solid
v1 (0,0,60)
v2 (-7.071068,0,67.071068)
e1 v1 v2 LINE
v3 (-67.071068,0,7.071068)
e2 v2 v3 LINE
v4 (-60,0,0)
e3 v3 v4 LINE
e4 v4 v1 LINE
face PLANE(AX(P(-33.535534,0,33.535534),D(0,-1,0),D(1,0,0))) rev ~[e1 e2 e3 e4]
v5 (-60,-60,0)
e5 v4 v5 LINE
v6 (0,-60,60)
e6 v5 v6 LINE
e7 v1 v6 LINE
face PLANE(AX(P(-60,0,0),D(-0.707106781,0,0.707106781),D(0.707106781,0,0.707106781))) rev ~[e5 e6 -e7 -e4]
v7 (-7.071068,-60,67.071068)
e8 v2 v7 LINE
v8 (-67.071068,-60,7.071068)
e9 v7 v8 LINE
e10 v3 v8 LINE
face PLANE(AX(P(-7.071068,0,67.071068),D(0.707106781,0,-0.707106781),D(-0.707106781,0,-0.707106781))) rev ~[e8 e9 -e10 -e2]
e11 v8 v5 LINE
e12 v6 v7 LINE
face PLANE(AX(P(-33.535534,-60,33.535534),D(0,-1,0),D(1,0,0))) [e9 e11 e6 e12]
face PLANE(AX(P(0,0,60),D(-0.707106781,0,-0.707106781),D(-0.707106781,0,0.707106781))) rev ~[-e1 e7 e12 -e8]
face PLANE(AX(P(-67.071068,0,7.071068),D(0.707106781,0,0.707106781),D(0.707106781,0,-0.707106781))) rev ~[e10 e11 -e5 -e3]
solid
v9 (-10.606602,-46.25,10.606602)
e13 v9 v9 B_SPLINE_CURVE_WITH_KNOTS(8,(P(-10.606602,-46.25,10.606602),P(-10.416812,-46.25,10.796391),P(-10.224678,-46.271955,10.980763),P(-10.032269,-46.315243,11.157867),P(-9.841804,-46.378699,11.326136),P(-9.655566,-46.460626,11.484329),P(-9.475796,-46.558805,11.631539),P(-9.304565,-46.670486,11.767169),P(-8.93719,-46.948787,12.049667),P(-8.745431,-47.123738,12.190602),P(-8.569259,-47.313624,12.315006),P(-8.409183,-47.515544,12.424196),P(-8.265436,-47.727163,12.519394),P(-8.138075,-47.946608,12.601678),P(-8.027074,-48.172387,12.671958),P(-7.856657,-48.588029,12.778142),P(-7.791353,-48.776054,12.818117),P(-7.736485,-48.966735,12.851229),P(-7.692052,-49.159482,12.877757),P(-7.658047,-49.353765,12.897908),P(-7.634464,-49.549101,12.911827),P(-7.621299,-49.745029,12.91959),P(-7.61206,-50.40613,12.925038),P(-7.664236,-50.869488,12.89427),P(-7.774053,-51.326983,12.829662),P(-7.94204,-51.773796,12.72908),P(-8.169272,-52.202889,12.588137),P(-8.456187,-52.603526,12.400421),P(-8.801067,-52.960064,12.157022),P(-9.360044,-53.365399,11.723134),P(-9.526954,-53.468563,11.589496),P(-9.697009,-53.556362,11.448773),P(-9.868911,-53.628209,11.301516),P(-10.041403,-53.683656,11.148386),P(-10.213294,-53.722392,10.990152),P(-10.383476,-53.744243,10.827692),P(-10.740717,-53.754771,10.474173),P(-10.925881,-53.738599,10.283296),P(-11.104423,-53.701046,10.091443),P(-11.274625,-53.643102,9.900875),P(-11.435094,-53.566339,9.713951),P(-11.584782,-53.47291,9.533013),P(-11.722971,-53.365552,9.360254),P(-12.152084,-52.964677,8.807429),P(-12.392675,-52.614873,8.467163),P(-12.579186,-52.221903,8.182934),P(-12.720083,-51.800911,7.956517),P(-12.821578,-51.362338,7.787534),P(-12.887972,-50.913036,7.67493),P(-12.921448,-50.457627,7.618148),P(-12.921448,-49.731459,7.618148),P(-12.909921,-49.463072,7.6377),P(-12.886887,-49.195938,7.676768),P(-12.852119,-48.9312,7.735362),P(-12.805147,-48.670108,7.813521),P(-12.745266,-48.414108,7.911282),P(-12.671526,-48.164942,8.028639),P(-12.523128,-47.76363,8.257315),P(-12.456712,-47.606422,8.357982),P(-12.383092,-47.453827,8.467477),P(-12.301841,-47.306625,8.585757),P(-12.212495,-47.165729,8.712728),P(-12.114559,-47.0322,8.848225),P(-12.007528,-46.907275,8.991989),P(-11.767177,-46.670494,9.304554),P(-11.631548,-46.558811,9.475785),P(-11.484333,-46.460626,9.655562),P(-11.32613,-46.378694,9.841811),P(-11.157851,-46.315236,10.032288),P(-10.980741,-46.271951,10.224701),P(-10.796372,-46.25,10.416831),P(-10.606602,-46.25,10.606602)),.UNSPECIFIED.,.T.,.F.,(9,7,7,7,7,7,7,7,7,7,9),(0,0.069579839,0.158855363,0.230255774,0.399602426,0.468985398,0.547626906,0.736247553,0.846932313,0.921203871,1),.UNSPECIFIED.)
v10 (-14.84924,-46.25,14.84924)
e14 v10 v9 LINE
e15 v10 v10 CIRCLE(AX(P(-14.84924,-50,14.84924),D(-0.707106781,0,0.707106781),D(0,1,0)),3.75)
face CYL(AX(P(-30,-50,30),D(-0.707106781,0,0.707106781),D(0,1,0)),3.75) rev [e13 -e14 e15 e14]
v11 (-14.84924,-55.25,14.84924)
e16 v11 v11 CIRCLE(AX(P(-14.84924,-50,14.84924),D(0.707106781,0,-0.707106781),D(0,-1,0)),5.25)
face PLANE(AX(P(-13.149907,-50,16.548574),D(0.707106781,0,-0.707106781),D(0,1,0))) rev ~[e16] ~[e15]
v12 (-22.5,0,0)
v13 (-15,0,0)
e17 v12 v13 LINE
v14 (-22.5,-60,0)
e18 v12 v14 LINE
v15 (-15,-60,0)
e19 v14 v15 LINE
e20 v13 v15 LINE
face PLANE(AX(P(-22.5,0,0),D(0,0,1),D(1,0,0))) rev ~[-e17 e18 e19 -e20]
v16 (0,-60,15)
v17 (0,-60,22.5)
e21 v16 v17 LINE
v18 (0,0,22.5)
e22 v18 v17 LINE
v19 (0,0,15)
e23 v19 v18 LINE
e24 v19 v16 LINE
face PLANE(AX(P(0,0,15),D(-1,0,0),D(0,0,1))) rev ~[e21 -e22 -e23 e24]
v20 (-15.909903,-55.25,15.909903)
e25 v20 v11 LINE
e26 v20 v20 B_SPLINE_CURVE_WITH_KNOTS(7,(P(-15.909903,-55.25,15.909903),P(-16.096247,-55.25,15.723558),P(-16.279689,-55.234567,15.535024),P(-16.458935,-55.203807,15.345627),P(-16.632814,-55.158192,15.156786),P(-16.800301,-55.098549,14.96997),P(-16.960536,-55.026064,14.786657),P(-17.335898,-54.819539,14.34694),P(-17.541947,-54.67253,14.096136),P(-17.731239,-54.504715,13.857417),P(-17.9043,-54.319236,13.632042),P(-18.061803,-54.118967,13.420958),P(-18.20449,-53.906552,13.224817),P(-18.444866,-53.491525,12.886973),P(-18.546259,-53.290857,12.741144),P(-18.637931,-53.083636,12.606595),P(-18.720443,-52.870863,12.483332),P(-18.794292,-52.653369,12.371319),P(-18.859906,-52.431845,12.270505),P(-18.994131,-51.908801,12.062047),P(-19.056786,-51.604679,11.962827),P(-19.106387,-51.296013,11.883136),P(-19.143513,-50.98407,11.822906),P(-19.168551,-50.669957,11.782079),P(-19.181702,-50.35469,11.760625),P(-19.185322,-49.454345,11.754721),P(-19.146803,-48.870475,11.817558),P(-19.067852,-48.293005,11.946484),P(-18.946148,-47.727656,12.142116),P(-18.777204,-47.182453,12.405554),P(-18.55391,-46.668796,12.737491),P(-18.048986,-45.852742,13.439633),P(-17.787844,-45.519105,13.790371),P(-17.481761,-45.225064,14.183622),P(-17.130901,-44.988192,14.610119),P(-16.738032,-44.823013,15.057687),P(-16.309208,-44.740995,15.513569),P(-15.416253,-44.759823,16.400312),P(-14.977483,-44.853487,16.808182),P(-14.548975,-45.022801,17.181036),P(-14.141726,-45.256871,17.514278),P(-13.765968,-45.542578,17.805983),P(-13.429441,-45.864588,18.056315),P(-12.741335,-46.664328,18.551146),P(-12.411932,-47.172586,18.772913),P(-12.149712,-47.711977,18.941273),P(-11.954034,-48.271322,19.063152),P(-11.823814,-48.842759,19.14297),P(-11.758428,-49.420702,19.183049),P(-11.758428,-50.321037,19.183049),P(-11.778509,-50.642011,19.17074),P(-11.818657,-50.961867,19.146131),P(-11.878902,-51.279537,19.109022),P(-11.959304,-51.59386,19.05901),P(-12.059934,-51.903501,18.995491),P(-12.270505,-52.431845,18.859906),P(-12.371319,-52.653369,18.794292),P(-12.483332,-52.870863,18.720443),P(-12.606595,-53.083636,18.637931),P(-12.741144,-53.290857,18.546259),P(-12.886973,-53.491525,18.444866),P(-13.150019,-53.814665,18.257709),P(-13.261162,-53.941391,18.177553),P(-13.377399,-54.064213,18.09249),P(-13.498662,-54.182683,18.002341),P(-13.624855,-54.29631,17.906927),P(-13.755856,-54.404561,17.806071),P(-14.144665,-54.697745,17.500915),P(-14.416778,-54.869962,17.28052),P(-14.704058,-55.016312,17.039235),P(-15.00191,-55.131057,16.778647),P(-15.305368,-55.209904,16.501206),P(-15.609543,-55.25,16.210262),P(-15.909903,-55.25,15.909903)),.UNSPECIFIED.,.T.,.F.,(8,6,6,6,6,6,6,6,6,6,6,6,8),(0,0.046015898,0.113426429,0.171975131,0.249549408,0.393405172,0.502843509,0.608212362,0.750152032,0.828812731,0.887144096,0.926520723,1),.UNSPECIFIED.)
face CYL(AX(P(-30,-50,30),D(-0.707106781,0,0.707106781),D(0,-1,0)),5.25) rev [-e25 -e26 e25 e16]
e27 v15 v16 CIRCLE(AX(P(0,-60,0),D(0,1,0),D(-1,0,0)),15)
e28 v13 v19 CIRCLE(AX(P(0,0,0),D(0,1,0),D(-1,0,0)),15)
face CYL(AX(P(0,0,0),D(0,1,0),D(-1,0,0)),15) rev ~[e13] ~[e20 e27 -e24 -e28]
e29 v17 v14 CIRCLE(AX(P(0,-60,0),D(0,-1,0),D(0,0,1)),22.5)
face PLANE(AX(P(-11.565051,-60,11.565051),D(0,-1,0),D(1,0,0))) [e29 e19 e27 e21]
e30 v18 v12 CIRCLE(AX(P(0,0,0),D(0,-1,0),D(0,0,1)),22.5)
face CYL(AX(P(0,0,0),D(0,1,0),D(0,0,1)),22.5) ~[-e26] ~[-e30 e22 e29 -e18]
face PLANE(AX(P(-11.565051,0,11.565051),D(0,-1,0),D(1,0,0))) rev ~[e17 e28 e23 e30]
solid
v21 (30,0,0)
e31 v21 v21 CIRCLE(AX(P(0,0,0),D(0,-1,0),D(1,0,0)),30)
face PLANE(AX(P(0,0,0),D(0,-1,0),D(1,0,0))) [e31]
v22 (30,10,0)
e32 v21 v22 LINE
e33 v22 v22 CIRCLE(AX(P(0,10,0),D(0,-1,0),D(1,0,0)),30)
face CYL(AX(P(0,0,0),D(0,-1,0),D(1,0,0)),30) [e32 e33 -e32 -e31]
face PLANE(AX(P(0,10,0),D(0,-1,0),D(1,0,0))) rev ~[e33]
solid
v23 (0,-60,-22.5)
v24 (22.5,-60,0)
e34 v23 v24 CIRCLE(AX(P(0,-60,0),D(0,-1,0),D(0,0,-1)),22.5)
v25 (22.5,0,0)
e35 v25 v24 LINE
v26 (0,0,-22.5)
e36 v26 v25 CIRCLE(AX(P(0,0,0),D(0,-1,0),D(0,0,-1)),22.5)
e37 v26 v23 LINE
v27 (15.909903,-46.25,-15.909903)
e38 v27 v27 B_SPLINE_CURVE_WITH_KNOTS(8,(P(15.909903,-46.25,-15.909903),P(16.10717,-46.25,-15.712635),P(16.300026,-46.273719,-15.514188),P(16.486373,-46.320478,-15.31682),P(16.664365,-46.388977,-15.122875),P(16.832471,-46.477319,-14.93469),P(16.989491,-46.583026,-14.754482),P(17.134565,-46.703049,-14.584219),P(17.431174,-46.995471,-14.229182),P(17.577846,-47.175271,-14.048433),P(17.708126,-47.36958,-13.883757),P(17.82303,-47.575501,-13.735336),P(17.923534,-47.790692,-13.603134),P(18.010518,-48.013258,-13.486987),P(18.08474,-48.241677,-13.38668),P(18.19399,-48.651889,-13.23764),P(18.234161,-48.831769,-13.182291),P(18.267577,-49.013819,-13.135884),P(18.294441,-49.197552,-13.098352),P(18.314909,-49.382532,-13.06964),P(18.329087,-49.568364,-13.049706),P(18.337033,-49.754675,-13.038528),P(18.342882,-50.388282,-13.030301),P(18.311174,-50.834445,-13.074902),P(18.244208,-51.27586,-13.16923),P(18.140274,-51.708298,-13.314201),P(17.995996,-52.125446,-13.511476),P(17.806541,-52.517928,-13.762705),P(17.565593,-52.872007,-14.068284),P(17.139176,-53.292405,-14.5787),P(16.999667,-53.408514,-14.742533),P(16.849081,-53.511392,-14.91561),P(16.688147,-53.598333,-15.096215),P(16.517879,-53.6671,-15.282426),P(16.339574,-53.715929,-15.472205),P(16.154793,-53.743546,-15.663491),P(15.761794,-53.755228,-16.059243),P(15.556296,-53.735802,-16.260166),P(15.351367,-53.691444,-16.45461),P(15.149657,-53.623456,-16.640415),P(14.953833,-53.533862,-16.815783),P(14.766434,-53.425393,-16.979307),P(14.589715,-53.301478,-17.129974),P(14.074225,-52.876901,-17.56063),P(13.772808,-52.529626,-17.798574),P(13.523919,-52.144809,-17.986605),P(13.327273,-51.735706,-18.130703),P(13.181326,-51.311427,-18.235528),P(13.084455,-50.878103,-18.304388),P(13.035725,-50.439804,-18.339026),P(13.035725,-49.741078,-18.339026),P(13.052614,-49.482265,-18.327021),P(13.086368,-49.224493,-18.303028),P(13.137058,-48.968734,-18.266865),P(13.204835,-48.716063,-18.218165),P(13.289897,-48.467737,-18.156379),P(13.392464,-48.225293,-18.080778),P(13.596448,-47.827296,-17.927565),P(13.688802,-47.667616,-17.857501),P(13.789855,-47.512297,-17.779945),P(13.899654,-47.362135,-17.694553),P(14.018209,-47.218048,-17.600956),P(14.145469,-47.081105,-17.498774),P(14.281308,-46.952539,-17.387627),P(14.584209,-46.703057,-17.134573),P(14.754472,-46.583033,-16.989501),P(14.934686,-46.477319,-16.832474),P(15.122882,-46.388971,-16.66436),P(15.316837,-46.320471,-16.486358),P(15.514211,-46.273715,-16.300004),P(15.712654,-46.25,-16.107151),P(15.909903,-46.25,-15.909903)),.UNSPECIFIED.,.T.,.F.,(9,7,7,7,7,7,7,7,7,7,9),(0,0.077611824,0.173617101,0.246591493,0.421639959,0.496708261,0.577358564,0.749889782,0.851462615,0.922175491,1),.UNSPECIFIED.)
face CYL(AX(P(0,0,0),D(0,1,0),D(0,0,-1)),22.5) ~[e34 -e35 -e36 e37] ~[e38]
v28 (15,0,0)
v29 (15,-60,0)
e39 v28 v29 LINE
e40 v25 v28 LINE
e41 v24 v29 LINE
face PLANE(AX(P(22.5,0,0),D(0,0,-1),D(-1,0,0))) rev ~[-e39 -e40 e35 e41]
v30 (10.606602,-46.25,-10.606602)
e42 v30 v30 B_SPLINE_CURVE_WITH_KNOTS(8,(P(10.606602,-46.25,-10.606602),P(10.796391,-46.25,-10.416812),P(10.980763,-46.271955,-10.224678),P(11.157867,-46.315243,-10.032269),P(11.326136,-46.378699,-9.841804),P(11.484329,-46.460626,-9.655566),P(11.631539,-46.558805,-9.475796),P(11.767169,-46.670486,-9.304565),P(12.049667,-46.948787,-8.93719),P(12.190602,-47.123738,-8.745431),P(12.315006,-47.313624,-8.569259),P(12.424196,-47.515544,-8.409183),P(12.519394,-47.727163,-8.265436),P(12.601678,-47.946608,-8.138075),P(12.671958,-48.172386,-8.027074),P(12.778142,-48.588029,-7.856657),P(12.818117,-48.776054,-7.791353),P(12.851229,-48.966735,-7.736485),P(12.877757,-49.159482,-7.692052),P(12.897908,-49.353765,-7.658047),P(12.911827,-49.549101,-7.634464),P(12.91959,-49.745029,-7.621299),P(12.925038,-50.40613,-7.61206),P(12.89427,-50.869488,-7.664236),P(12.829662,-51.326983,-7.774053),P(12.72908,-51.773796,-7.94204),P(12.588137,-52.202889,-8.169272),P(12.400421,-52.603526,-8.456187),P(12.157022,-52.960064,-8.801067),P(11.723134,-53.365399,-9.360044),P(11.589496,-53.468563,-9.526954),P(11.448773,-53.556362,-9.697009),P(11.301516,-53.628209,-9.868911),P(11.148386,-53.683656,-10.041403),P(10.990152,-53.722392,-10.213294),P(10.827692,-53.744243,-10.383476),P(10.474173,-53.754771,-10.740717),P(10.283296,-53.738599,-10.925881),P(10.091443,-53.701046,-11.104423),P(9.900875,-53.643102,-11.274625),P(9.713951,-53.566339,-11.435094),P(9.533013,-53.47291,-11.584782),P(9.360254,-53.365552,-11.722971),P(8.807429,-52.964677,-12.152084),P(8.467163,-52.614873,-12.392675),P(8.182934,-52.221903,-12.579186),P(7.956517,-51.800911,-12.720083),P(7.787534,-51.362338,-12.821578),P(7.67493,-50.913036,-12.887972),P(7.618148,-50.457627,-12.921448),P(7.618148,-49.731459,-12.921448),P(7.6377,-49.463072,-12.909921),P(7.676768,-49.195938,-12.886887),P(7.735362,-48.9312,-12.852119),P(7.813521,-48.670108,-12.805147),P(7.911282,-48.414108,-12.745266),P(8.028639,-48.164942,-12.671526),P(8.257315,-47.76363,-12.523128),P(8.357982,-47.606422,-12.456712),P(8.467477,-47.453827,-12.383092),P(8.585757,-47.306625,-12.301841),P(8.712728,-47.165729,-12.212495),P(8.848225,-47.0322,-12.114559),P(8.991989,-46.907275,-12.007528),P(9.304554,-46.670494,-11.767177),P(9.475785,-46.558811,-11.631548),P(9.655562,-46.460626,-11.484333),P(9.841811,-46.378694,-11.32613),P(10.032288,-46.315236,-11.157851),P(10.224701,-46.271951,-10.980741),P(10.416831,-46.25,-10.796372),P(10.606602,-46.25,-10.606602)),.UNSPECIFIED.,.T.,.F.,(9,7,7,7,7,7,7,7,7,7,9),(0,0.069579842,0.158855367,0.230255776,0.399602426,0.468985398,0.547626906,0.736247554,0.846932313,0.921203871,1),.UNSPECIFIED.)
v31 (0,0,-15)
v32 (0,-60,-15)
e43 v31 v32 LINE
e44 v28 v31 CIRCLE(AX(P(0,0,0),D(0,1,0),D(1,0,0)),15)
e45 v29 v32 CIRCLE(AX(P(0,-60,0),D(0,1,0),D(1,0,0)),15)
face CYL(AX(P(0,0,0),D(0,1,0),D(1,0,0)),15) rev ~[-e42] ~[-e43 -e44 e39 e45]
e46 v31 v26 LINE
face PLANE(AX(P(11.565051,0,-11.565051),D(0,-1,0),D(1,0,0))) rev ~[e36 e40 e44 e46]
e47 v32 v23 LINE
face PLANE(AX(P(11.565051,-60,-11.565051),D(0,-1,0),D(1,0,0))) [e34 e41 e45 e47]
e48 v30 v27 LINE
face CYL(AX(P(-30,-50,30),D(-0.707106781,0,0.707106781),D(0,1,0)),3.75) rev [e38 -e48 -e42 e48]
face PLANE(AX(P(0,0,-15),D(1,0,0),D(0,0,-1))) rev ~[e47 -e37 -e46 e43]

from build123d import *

# Parameters (mm, degrees)
F1_DEPTH = 60
F0_R     = 30
F2_DEPTH = 10
F4_DEPTH = 60
F6_DEPTH = 75
F7_DEPTH = 21.42641


with BuildPart() as f1:
    # F0 (on Front) → F1 (new body)
    with BuildSketch(Plane.XZ):
        with BuildLine():
            ThreePointArc((-15, 0), (-10.6066017178, 10.6066017178), (0, 15))
            Line((0, 15), (0, 22.5))
            ThreePointArc((0, 22.5), (-15.9099025767, 15.9099025767), (-22.5, 0))
            Line((-22.5, 0), (-15, 0))
        make_face()
    extrude(amount=F1_DEPTH)


with BuildPart() as f1b:
    # F0 (on Front) → F1, piece 2 (new body)
    with BuildSketch(Plane.XZ):
        with BuildLine():
            ThreePointArc((15, 0), (10.6066017178, -10.6066017178), (0, -15))
            Line((0, -15), (0, -22.5))
            ThreePointArc((0, -22.5), (15.9099025767, -15.9099025767), (22.5, 0))
            Line((22.5, 0), (15, 0))
        make_face()
    extrude(amount=F1_DEPTH)


with BuildPart() as f2:
    # F0 (on Front) → F2 (new body)
    with BuildSketch(Plane.XZ):
        Circle(F0_R)
        with BuildLine():
            Line((0, -22.5), (0, -15))
            ThreePointArc((0, -15), (10.6066017178, -10.6066017178), (15, 0))
            Line((15, 0), (22.5, 0))
            ThreePointArc((22.5, 0), (15.9099025767, -15.9099025767), (0, -22.5))
        make_face(mode=Mode.SUBTRACT)
        with BuildLine():
            Line((0, 22.5), (0, 15))
            ThreePointArc((0, 15), (-10.6066017178, 10.6066017178), (-15, 0))
            Line((-15, 0), (-22.5, 0))
            ThreePointArc((-22.5, 0), (-15.9099025767, 15.9099025767), (0, 22.5))
        make_face(mode=Mode.SUBTRACT)
        with BuildLine():
            ThreePointArc((-15, 0), (-10.6066017178, 10.6066017178), (0, 15))
            Line((0, 15), (0, 22.5))
            ThreePointArc((0, 22.5), (-15.9099025767, 15.9099025767), (-22.5, 0))
            Line((-22.5, 0), (-15, 0))
        make_face()
        with BuildLine():
            ThreePointArc((15, 0), (10.6066017178, -10.6066017178), (0, -15))
            Line((0, -15), (0, -22.5))
            ThreePointArc((0, -22.5), (15.9099025767, -15.9099025767), (22.5, 0))
            Line((22.5, 0), (15, 0))
        make_face()
    extrude(amount=-F2_DEPTH)


with BuildPart() as f4:
    # F3 (on Front) → F4 (new body)
    with BuildSketch(Plane.XZ):
        Polygon((-30, 30), (0, 60), (-7.0710678119, 67.0710678119), (-67.0710678119, 7.0710678119), (-60, 0), align=None)
    extrude(amount=F4_DEPTH)


with BuildPart() as f6_tool:
    # F5 (on face) → F6 (new body)
    with BuildSketch(Plane(origin=(-30, 0, 30), x_dir=(0, 1, 0), z_dir=(0.7071067812, 0, -0.7071067812))):
        with BuildLine():
            Line((-46.25, 0), (-53.75, 0))
            ThreePointArc((-53.75, 0), (-50, -3.75), (-46.25, 0))
        make_face()
        with BuildLine():
            ThreePointArc((-46.25, 0), (-50, 3.75), (-53.75, 0))
            Line((-53.75, 0), (-46.25, 0))
        make_face()
    extrude(amount=F6_DEPTH)


with BuildPart() as f1_1:
    add(f1.part)

    # F6: cut by f6_tool
    add(f6_tool.part, mode=Mode.SUBTRACT)

    # F5 (on face) → F7 (cut)
    with BuildSketch(Plane(origin=(-30, 0, 30), x_dir=(0, 1, 0), z_dir=(0.7071067812, 0, -0.7071067812))):
        with BuildLine():
            ThreePointArc((-44.75, 0), (-50, 5.25), (-55.25, 0))
            Line((-55.25, 0), (-53.75, 0))
            ThreePointArc((-53.75, 0), (-50, 3.75), (-46.25, 0))
            Line((-46.25, 0), (-44.75, 0))
        make_face()
        with BuildLine():
            Line((-53.75, 0), (-55.25, 0))
            ThreePointArc((-55.25, 0), (-50, -5.25), (-44.75, 0))
            Line((-44.75, 0), (-46.25, 0))
            ThreePointArc((-46.25, 0), (-50, -3.75), (-53.75, 0))
        make_face()
    extrude(amount=F7_DEPTH, mode=Mode.SUBTRACT)


with BuildPart() as f1b_1:
    add(f1b.part)

    # F6: cut by f6_tool
    add(f6_tool.part, mode=Mode.SUBTRACT)


solid = Compound([f2.part, f4.part, f1_1.part, f1b_1.part])
